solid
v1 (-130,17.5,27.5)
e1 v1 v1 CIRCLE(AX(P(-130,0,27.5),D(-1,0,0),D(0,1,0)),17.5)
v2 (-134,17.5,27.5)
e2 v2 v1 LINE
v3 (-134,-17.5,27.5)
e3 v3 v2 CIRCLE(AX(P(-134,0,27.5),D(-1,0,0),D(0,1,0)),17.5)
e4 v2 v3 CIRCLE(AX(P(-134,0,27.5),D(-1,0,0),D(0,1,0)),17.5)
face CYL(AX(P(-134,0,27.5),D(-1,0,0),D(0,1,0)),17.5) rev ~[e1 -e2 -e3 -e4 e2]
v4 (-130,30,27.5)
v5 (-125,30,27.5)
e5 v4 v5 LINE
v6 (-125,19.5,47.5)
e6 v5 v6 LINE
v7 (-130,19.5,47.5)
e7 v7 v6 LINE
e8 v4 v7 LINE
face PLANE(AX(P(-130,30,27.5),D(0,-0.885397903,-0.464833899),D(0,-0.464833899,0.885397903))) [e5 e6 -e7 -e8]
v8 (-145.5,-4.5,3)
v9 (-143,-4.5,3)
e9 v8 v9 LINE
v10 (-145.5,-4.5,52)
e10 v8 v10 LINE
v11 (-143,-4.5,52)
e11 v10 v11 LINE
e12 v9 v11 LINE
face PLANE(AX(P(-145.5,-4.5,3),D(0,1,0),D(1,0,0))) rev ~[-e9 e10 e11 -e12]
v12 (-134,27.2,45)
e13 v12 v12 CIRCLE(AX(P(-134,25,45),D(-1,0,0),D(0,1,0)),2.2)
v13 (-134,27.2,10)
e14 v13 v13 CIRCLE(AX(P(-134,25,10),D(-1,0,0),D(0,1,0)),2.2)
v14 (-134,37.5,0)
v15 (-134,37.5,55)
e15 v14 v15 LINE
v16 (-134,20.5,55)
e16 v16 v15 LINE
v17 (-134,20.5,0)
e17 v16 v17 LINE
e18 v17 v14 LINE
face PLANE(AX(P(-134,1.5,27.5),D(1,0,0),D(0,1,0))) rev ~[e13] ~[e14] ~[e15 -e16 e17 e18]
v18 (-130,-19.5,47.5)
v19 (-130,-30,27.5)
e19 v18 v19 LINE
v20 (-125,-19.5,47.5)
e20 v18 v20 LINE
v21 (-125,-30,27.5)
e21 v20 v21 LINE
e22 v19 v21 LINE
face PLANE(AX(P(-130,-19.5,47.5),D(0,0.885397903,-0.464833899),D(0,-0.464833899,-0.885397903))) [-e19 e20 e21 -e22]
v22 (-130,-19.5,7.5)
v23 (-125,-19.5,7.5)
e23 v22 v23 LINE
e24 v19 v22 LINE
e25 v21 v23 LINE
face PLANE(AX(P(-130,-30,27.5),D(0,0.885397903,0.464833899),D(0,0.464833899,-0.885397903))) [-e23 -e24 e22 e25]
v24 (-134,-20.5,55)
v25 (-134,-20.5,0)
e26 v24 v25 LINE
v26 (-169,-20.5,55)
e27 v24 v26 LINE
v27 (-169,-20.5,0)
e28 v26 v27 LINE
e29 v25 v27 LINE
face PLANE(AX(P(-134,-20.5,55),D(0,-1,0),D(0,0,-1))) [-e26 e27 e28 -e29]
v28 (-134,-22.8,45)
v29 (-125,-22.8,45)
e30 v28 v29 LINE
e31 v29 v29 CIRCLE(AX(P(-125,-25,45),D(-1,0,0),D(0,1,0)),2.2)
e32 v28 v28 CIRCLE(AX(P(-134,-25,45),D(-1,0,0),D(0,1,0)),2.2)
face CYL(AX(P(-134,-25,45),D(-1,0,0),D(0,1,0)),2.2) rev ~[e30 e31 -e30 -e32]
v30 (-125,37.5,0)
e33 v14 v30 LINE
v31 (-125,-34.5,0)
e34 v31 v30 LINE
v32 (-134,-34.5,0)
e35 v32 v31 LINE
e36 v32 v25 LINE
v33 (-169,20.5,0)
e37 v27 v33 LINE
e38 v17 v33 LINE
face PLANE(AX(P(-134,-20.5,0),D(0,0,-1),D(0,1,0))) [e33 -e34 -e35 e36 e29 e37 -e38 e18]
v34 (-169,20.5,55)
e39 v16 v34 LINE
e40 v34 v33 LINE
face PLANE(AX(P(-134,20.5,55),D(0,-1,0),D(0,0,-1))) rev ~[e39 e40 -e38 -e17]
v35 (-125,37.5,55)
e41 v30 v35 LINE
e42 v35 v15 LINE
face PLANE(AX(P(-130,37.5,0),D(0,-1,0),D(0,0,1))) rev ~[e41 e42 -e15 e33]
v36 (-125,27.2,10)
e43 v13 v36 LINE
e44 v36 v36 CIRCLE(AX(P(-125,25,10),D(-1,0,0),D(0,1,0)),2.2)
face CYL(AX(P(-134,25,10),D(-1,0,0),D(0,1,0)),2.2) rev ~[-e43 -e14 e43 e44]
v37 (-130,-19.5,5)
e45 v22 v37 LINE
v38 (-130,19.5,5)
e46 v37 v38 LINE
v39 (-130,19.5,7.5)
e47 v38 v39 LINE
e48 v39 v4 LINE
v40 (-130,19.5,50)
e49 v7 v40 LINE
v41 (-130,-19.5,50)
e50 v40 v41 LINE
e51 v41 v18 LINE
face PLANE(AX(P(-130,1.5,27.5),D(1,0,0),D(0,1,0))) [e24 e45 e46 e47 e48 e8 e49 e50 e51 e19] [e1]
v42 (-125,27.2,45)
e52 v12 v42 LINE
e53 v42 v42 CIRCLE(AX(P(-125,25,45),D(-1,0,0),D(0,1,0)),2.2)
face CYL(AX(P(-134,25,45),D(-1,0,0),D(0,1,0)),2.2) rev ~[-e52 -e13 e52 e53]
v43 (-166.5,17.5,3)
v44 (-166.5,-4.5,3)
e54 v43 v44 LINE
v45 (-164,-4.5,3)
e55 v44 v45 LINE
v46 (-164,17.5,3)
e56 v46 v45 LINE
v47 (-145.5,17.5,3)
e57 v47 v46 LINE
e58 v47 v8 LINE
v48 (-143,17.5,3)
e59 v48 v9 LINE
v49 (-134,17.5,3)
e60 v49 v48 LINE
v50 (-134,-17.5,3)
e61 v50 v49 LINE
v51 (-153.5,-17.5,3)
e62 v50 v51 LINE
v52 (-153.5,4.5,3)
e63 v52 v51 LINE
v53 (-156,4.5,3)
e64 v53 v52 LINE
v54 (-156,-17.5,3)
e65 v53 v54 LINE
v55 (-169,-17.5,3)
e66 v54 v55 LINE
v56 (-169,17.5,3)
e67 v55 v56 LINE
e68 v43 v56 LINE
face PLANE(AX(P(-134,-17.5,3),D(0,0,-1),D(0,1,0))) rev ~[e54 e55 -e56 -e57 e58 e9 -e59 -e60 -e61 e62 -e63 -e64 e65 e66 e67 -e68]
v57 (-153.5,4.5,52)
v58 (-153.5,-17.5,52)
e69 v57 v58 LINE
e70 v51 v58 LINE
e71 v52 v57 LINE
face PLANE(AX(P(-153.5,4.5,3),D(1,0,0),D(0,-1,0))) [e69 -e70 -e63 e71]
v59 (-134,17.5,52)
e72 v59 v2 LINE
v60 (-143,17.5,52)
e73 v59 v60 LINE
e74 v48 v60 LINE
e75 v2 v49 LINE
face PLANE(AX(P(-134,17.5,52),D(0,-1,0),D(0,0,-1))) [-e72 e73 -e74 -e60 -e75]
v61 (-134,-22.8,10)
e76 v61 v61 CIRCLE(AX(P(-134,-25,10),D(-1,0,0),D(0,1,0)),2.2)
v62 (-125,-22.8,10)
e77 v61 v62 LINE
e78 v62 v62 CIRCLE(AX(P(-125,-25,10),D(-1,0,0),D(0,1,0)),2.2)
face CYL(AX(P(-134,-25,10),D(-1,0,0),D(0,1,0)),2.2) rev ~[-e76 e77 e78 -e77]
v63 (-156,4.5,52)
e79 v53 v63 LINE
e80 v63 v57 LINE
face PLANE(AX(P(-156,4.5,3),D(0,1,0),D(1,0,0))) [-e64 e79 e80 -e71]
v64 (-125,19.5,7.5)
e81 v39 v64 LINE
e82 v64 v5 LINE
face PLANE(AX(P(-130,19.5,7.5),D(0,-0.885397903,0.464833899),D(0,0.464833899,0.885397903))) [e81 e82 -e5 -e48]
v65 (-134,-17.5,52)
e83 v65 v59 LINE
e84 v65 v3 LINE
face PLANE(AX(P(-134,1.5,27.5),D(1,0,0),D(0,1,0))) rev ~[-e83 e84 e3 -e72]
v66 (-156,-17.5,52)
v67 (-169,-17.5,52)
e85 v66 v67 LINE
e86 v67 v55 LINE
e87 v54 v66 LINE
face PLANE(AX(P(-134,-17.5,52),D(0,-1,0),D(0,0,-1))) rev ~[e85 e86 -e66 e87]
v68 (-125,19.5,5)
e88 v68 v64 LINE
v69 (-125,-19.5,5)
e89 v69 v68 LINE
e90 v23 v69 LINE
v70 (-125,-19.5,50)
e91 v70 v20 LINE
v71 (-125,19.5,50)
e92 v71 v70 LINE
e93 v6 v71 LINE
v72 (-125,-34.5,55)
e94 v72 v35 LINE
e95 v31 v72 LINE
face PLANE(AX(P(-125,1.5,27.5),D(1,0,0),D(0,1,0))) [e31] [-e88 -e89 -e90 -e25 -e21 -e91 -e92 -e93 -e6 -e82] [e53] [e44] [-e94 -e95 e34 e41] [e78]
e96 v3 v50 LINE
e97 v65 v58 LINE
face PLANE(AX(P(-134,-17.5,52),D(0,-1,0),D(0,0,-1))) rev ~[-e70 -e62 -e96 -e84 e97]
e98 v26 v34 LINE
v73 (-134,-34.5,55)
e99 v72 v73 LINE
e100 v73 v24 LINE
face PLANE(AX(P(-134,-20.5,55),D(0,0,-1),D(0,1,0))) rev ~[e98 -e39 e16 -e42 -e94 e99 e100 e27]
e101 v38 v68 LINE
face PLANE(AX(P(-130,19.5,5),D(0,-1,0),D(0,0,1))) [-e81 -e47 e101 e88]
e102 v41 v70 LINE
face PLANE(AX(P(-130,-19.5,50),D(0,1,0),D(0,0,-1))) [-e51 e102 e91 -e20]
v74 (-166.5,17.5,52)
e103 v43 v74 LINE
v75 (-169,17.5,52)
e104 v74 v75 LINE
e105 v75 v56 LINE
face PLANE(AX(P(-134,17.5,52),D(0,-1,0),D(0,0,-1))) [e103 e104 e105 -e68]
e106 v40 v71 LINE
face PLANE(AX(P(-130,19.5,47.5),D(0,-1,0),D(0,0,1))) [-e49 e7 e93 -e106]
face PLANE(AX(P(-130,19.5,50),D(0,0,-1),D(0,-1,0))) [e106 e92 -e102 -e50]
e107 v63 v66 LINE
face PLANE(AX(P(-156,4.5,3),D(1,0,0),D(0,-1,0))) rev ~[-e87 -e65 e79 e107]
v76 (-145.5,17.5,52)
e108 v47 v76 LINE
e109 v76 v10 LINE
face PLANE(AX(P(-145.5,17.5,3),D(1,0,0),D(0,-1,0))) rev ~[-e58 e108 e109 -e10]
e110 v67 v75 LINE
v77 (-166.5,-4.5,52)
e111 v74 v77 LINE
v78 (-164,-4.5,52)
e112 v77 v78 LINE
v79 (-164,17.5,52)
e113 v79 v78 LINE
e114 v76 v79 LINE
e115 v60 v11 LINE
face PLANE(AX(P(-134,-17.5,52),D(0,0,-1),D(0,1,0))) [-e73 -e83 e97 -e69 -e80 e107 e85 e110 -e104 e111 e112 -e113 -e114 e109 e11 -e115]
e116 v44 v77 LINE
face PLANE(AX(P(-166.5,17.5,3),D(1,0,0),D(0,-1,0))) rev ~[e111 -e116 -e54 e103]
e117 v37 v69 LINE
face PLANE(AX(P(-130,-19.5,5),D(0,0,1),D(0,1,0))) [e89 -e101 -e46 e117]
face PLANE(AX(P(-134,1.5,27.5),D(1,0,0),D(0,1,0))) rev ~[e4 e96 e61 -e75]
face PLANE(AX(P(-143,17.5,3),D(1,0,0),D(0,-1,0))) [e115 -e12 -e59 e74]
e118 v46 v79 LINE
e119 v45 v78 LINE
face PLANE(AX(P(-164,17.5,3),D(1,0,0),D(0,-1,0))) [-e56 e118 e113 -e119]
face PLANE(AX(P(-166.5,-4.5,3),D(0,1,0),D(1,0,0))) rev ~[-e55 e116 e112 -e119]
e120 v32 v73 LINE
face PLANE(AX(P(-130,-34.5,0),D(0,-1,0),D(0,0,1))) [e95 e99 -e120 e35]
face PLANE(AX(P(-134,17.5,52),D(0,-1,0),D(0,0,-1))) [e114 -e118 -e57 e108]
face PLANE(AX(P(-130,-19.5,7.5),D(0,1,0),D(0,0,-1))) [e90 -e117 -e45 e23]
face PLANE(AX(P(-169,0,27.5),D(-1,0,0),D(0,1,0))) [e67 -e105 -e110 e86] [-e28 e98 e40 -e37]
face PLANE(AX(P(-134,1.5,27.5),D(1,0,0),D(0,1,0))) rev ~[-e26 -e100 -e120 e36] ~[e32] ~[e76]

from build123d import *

# Parameters (mm, degrees)
SKETCH044_W     = 72
SKETCH044_H     = 55
PAD022_DEPTH    = 4
SKETCH046_R     = 17.5
POCKET015_DEPTH = 4.001
SKETCH047_W     = 72
SKETCH047_H     = 55
PAD023_DEPTH    = 5
SKETCH045_R     = 2.2
HOLE007_DEPTH   = 25
SKETCH048_W     = 41
SKETCH048_H     = 55
SKETCH048_W_2   = 35
SKETCH048_H_2   = 49
PAD024_DEPTH    = 35
SKETCH049_W     = 22
SKETCH049_H     = 2.5
PAD025_DEPTH    = 49


with BuildPart() as part:
    # Sketch044 → Pad022 (new body)
    with BuildSketch(Plane.YZ.offset(-130)):
        with Locations((1.5, 27.5)):
            Rectangle(SKETCH044_W, SKETCH044_H)
    extrude(amount=-PAD022_DEPTH)

    # Sketch046 (on Face5 of Hole007) → Pocket015 (cut, through all)
    with BuildSketch(Plane(origin=(-134, 0, 0), x_dir=(0, 1, 0), z_dir=(-1, 0, 0))):
        with Locations((0, -27.5)):
            Circle(SKETCH046_R)
    extrude(amount=-POCKET015_DEPTH, mode=Mode.SUBTRACT)

    # Sketch047 (on Face4 of Pocket015) → Pad023 (join)
    with BuildSketch(Plane.YZ.offset(-130)):
        with Locations((1.5, 27.5)):
            Rectangle(SKETCH047_W, SKETCH047_H)
        Polygon((-30, 27.5), (-19.5, 7.5), (-19.5, 5), (19.5, 5), (19.5, 7.5), (30, 27.5), (19.5, 47.5), (19.5, 50), (-19.5, 50), (-19.5, 47.5), align=None, mode=Mode.SUBTRACT)
    extrude(amount=PAD023_DEPTH)

    # Sketch045 (on Face6 of Pad022) → Hole007 (cut)
    with BuildSketch(Plane(origin=(-134, 0, 0), x_dir=(0, 1, 0), z_dir=(-1, 0, 0))):
        with Locations((-25, -10)):
            Circle(SKETCH045_R)
        with Locations((-25, -45)):
            Circle(SKETCH045_R)
        with Locations((25, -45)):
            Circle(SKETCH045_R)
        with Locations((25, -10)):
            Circle(SKETCH045_R)
    extrude(amount=-HOLE007_DEPTH, mode=Mode.SUBTRACT)

    # Sketch048 (on Face5 of Hole007) → Pad024 (join)
    with BuildSketch(Plane(origin=(-134, 0, 0), x_dir=(0, 1, 0), z_dir=(-1, 0, 0))):
        with Locations((0, -27.5)):
            Rectangle(SKETCH048_W, SKETCH048_H)
        with Locations((0, -27.5)):
            Rectangle(SKETCH048_W_2, SKETCH048_H_2, mode=Mode.SUBTRACT)
    extrude(amount=PAD024_DEPTH)

    # Sketch049 (on Face31 of Pad024) → Pad025 (join)
    with BuildSketch(Plane(origin=(0, 0, 3), x_dir=(0, -1, 0), z_dir=(0, 0, 1))):
        with Locations((-6.5, -144.25)):
            Rectangle(SKETCH049_W, SKETCH049_H)
        with Locations((6.5, -154.75)):
            Rectangle(SKETCH049_W, SKETCH049_H)
        with Locations((-6.5, -165.25)):
            Rectangle(SKETCH049_W, SKETCH049_H)
    extrude(amount=PAD025_DEPTH)


solid = part.part
